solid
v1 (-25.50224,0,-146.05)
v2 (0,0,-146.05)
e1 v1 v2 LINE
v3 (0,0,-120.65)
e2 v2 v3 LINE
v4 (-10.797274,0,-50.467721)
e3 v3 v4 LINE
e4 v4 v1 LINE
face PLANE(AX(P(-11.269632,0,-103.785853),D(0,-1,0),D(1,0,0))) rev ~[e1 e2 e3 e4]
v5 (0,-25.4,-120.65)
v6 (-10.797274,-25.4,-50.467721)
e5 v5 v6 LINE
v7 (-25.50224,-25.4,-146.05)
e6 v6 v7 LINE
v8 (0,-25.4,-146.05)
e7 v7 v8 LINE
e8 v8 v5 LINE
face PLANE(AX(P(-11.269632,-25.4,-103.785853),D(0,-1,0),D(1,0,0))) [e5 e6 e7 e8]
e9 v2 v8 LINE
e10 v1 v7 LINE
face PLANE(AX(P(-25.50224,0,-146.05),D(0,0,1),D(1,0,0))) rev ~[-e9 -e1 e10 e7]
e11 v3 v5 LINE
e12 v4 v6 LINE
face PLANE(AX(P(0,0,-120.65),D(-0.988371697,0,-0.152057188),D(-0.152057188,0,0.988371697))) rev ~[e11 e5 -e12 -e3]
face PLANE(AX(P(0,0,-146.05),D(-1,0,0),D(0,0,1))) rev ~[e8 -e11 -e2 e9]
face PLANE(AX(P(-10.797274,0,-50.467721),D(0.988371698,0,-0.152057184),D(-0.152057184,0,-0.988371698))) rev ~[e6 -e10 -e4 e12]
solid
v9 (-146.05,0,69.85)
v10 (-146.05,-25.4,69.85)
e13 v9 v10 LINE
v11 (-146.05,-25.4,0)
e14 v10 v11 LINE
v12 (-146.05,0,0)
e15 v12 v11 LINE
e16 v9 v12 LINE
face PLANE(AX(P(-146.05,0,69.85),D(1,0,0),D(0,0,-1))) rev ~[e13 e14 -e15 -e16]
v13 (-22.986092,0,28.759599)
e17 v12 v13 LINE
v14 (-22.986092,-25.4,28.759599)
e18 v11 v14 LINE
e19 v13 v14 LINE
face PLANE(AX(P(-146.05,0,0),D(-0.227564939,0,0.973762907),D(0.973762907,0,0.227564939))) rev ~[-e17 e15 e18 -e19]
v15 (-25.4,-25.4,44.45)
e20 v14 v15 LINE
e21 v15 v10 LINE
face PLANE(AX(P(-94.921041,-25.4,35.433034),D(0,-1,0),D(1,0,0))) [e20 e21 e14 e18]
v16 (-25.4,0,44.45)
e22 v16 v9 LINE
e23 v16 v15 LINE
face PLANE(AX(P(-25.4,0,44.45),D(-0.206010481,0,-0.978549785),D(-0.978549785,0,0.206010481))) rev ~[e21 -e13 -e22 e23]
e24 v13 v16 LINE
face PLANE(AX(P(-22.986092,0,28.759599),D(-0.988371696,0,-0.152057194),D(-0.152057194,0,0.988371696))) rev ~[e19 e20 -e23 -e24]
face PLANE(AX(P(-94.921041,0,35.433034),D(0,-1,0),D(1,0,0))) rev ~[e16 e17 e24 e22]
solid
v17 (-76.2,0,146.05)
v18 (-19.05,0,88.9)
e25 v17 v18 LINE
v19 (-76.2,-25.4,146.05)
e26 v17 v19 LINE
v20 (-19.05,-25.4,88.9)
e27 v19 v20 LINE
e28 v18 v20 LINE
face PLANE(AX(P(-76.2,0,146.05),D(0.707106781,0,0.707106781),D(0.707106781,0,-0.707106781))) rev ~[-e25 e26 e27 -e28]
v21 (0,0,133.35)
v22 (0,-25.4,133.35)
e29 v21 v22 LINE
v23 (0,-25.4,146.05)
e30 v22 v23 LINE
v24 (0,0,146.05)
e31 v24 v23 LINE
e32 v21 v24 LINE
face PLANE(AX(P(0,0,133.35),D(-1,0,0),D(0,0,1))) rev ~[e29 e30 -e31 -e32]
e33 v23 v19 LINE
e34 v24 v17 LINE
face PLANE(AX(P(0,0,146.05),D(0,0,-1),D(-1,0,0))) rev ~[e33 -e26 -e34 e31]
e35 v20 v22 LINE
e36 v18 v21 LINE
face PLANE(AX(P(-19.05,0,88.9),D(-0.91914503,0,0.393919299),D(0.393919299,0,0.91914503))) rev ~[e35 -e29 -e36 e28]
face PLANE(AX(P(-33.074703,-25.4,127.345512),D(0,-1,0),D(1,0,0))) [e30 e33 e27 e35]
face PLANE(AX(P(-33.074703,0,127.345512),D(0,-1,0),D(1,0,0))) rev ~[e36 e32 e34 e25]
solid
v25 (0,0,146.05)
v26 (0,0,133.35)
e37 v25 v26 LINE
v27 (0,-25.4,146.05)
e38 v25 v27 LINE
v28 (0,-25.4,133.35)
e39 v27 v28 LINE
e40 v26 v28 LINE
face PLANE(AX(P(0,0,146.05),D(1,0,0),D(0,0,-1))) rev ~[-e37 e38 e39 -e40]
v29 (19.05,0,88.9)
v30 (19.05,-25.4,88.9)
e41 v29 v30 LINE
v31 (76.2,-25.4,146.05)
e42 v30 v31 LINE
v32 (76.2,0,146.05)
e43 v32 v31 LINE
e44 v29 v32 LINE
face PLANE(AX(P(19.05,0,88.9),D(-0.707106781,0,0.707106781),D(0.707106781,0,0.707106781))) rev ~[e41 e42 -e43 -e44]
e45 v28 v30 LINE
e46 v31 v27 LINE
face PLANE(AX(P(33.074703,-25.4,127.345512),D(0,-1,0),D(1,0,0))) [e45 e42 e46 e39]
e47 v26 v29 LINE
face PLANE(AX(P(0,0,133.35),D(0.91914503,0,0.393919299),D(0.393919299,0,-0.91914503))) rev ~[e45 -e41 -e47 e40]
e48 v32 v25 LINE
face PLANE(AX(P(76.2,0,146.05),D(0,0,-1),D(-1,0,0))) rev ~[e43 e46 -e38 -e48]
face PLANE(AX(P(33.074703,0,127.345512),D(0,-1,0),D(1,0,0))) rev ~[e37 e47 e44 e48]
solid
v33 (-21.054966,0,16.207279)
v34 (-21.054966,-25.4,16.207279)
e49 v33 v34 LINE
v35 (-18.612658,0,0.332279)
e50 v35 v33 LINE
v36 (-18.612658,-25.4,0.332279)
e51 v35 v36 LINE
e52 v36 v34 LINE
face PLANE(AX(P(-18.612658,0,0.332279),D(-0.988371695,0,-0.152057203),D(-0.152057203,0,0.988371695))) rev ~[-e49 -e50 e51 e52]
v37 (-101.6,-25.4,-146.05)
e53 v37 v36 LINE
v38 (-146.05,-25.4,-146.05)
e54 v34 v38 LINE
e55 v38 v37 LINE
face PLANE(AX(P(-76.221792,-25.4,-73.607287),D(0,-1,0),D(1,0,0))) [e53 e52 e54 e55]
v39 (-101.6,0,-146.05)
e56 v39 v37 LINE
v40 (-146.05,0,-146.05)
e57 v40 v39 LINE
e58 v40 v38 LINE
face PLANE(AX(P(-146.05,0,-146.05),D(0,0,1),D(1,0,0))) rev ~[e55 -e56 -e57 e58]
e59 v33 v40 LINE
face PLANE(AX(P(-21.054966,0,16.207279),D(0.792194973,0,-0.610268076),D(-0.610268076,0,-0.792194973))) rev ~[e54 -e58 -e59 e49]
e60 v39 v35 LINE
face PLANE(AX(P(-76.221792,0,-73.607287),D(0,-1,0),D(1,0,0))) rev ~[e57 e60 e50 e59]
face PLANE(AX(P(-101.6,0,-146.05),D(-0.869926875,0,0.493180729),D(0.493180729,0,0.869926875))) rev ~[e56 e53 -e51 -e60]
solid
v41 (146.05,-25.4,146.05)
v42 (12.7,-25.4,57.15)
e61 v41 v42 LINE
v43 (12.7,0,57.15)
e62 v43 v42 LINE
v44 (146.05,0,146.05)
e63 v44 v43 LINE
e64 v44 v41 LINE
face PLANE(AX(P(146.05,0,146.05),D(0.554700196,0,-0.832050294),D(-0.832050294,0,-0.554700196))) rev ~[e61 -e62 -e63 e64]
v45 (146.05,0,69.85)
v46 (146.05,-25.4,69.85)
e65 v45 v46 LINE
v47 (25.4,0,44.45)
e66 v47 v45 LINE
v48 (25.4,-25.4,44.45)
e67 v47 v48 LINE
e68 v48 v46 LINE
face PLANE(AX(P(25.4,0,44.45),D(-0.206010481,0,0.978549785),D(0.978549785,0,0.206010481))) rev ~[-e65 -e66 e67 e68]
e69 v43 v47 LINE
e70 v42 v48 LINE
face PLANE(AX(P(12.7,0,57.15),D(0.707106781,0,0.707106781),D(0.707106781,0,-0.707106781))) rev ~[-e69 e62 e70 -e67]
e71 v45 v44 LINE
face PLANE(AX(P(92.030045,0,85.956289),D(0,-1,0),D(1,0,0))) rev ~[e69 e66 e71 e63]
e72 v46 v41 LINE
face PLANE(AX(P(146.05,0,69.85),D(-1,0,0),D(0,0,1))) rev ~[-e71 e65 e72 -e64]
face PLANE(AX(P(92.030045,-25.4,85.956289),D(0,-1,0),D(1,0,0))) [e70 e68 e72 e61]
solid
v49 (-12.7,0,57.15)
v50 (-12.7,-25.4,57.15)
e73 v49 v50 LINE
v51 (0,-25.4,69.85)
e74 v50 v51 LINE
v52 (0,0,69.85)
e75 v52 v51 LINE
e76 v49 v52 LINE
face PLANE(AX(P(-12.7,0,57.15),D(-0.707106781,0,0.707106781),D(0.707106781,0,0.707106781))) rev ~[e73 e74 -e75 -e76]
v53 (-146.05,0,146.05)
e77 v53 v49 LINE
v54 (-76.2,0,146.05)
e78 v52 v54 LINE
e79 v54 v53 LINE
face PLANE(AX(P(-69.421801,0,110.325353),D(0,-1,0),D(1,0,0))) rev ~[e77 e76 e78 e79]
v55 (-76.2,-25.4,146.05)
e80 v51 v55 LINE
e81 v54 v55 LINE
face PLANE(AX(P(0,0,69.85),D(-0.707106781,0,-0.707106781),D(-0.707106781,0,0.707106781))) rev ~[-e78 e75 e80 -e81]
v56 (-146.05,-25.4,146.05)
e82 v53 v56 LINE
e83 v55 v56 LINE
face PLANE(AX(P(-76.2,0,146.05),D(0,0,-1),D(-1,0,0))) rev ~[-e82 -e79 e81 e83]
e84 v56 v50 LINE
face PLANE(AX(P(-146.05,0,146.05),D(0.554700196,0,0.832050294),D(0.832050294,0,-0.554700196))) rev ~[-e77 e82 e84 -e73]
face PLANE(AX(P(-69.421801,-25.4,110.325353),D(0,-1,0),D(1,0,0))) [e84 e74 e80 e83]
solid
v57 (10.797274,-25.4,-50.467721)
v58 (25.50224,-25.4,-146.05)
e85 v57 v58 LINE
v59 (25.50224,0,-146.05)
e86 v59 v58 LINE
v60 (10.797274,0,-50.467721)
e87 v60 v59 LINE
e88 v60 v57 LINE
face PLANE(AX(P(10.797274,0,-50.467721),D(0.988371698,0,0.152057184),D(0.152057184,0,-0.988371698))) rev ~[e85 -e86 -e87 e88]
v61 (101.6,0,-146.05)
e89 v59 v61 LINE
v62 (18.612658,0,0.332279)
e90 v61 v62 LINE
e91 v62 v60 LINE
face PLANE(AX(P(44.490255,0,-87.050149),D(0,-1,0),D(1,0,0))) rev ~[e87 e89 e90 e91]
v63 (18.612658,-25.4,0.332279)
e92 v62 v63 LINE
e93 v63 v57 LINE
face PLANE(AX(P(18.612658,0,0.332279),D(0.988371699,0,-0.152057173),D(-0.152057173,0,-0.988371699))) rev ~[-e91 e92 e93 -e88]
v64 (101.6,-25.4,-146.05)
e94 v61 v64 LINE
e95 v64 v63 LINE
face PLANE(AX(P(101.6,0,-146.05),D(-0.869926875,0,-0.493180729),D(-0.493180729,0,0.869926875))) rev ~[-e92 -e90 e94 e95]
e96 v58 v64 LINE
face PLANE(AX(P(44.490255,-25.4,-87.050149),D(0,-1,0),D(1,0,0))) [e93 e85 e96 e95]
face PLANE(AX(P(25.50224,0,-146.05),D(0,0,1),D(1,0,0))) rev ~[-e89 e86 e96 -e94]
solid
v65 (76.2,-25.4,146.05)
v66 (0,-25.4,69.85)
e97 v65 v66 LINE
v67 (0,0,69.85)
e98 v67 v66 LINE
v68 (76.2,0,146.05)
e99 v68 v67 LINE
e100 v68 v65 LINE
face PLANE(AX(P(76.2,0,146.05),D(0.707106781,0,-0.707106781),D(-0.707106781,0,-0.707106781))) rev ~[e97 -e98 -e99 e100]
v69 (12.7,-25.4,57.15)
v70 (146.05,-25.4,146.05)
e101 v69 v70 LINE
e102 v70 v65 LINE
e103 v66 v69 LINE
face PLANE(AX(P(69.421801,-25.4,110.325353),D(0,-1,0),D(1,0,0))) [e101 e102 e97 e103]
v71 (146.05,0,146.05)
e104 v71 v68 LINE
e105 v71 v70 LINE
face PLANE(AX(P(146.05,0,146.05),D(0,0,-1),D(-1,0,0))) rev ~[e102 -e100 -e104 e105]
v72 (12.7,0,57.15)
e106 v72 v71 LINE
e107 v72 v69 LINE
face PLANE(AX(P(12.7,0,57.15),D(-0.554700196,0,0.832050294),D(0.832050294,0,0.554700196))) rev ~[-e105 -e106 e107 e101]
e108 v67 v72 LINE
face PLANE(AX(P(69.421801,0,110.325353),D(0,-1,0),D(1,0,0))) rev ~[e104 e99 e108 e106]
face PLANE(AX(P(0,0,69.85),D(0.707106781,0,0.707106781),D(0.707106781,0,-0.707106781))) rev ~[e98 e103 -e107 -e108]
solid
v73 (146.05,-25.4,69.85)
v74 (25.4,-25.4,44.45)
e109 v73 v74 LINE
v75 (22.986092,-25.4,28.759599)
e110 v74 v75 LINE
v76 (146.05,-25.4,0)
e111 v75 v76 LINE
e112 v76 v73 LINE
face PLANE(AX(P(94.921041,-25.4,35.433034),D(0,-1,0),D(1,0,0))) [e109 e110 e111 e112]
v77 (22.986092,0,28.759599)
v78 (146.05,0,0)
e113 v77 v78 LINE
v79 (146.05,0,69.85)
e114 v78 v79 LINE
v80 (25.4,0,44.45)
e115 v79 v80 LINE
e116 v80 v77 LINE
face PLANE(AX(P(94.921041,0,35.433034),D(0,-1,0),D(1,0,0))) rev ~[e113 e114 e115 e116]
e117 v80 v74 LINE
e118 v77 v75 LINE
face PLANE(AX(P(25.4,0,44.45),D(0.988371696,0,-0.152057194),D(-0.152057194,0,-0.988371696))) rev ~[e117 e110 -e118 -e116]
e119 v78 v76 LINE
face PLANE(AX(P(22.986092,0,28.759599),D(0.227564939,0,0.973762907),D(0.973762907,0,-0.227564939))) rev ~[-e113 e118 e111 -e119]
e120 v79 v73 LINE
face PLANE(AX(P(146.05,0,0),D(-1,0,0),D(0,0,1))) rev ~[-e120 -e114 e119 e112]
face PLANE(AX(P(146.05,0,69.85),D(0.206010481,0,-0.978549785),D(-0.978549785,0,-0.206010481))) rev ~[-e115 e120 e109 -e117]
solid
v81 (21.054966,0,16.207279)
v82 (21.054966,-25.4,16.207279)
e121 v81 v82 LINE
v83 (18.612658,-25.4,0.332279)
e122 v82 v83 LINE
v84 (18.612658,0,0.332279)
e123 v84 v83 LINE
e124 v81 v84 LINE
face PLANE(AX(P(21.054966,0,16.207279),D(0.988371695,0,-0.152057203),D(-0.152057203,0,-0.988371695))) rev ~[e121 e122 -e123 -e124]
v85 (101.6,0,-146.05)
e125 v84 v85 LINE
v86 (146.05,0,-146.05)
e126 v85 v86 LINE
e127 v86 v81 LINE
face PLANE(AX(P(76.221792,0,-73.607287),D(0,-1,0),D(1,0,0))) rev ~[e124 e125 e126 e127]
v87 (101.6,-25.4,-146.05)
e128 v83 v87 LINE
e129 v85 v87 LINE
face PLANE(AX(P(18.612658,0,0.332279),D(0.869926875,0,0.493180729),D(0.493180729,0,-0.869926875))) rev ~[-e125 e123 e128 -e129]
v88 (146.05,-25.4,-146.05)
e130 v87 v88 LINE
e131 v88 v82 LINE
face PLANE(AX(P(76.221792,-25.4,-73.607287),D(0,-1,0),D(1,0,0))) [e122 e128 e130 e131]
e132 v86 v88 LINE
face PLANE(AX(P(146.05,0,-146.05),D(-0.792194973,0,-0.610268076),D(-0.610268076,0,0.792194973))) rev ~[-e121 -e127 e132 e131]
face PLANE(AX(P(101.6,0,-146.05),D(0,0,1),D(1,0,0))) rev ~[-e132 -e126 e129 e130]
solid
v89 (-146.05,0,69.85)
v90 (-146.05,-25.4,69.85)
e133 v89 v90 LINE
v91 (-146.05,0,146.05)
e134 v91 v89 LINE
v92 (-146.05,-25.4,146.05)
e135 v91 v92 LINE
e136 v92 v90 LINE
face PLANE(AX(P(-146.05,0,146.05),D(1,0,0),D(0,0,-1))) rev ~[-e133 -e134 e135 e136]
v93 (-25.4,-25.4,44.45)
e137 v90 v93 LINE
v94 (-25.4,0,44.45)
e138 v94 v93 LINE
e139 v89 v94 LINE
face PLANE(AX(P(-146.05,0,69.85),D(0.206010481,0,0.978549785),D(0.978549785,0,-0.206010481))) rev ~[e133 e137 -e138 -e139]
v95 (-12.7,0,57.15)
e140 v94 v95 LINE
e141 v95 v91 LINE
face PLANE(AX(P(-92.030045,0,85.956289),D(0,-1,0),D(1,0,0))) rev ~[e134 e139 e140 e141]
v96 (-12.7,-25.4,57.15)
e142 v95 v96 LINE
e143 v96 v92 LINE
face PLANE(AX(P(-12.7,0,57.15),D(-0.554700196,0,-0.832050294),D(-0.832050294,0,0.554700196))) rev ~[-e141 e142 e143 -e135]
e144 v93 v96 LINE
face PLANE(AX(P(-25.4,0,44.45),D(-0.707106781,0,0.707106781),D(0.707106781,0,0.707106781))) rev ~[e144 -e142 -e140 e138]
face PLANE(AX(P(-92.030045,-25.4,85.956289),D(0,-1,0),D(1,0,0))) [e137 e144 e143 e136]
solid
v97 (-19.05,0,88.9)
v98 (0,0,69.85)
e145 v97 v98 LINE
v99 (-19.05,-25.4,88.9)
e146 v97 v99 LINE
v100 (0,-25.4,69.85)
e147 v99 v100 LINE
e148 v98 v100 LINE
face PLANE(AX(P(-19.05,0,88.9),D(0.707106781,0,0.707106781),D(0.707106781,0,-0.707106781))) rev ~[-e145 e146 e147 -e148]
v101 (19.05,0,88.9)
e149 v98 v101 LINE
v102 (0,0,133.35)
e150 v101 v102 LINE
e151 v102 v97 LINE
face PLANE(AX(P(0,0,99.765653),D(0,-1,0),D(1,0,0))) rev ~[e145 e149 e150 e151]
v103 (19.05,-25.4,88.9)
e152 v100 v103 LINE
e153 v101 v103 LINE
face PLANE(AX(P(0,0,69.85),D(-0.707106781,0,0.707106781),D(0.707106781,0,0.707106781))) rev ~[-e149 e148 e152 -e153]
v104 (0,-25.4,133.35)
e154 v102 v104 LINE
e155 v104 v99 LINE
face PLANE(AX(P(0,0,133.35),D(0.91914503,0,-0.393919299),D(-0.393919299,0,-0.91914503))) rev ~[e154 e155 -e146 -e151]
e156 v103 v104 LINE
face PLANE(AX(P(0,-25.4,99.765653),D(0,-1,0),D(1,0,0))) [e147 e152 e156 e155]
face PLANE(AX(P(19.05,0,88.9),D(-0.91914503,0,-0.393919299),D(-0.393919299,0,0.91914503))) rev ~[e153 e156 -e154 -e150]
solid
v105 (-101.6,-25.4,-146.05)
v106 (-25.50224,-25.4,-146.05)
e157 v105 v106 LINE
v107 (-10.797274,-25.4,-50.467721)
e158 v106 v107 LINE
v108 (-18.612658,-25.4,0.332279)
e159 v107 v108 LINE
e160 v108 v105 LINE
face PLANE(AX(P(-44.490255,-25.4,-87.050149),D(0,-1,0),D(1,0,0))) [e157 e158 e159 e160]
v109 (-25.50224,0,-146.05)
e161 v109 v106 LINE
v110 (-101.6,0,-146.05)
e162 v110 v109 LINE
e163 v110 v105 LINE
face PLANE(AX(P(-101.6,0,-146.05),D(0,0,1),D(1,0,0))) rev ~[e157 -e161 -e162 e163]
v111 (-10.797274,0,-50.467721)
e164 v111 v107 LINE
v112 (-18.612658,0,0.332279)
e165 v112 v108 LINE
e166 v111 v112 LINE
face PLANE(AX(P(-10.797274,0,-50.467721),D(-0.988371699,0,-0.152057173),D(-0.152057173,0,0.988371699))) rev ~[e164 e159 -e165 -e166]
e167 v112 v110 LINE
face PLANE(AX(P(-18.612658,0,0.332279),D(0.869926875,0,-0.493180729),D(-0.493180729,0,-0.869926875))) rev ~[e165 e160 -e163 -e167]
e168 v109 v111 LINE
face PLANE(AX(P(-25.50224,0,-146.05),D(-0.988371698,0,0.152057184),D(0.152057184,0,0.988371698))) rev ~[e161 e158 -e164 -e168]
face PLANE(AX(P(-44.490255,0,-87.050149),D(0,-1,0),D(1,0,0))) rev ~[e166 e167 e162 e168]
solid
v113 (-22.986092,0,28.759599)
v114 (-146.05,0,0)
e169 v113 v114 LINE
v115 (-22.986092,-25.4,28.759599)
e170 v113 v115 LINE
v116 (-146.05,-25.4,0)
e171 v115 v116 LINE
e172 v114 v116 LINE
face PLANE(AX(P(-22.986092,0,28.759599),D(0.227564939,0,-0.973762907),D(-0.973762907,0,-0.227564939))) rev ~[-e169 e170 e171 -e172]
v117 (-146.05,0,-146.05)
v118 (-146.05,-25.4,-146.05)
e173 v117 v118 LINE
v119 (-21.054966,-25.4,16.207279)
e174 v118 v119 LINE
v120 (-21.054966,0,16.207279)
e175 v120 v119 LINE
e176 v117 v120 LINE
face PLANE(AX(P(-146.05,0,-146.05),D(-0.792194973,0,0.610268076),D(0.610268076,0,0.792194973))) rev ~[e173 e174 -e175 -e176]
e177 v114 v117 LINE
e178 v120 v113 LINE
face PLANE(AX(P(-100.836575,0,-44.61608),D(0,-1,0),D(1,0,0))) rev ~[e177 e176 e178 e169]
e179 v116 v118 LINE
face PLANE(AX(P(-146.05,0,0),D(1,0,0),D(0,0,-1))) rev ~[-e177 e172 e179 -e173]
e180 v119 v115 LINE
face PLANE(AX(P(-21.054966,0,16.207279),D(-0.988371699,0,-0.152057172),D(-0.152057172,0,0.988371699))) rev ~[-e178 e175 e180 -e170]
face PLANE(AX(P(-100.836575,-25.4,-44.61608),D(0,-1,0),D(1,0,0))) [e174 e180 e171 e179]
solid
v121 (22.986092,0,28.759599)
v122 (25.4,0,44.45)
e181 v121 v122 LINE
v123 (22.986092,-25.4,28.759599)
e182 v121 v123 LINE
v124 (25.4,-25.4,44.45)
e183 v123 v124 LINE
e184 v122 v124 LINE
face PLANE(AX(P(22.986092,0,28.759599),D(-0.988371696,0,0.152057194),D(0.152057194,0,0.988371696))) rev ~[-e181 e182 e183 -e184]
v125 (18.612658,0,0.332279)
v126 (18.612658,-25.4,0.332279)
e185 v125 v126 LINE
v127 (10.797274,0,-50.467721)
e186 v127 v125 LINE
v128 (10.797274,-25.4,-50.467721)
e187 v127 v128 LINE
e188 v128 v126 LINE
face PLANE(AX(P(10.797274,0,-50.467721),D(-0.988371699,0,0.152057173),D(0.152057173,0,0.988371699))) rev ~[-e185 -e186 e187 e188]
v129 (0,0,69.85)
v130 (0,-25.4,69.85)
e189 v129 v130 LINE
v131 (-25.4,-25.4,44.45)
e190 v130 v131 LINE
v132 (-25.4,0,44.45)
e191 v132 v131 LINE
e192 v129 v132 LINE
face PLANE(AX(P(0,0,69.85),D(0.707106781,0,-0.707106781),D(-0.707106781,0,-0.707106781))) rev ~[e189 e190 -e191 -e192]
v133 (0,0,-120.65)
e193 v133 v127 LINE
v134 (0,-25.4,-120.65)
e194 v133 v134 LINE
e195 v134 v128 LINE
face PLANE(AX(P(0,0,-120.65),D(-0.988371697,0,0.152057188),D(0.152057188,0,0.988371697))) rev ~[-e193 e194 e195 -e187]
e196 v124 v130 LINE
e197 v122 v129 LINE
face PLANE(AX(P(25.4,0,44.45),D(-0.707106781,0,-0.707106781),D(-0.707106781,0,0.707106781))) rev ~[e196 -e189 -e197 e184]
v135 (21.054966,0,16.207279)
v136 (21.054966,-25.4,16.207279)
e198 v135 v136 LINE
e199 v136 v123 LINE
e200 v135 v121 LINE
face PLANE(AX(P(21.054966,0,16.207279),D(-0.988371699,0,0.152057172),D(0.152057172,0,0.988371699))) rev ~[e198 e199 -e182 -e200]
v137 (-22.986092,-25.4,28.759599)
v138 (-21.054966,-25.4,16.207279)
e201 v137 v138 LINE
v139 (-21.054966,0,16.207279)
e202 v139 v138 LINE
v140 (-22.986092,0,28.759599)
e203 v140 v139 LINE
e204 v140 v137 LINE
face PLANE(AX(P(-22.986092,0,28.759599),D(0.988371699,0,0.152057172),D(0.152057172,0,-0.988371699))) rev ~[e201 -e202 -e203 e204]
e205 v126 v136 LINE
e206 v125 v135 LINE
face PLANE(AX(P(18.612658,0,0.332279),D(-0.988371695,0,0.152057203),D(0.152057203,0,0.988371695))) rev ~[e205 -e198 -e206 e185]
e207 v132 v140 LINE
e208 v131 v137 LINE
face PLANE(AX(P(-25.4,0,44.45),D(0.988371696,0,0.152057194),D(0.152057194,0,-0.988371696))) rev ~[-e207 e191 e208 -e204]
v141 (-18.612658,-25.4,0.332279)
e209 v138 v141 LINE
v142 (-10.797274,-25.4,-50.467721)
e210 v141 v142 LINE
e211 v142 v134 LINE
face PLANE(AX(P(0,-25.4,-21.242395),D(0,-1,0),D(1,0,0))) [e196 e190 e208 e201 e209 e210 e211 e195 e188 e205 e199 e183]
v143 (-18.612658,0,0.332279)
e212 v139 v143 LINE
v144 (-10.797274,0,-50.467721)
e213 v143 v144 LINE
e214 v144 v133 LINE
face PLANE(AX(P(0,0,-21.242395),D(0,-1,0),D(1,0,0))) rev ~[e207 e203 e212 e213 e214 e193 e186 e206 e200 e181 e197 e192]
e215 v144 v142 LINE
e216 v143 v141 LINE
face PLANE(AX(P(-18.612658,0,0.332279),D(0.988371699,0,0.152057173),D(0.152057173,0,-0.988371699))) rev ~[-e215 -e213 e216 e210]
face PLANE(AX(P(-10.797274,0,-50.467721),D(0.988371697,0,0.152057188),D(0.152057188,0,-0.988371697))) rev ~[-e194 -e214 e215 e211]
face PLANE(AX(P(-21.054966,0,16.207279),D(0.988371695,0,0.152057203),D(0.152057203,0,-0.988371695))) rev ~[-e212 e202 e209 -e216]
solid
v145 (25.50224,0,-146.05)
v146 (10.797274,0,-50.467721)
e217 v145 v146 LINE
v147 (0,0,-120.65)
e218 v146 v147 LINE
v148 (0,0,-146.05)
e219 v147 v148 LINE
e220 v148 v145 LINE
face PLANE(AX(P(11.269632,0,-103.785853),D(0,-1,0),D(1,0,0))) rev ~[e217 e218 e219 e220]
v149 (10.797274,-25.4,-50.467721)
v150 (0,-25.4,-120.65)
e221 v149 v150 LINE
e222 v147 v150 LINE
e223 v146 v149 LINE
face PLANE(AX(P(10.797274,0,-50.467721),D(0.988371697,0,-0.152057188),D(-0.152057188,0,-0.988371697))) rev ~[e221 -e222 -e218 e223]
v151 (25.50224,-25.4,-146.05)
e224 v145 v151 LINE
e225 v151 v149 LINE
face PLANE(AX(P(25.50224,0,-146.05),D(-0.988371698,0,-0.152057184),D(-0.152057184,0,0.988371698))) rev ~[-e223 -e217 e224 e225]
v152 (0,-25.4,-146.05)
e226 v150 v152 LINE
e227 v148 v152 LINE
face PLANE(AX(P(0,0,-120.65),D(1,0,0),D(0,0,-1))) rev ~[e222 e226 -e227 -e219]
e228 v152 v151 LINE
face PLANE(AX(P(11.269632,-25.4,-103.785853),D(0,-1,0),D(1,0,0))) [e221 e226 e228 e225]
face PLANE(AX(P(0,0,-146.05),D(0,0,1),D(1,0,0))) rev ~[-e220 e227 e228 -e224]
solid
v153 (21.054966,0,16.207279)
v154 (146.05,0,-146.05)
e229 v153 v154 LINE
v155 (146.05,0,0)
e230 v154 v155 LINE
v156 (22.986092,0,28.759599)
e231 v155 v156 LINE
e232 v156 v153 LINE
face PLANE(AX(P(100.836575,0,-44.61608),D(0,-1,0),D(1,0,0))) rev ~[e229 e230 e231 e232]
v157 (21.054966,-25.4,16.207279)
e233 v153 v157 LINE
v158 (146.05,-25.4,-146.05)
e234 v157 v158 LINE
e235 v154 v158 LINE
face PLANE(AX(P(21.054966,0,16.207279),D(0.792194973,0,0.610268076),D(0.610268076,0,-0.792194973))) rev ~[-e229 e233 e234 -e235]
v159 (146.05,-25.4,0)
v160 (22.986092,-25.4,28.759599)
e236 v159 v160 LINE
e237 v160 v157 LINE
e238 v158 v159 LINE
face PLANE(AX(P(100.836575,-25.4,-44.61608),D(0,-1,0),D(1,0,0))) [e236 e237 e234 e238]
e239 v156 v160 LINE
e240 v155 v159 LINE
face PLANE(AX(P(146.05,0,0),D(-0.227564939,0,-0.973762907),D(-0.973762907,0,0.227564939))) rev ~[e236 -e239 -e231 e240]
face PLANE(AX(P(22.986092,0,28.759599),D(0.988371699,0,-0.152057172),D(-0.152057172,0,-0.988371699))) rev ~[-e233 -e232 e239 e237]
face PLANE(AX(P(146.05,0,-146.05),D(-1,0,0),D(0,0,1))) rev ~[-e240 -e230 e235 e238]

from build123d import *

# Parameters (mm, degrees)
F1_DEPTH = 25.4
F2_DEPTH = 25.4
F3_DEPTH = 25.4


with BuildPart() as f1:
    # F0 (on Front) → F1 (new body)
    with BuildSketch(Plane.XZ):
        Polygon((-12.7, 57.15), (-146.05, 146.05), (-146.05, 69.85), (-25.4, 44.45), align=None)
        Polygon((0, 146.05), (-76.2, 146.05), (-19.05, 88.9), (0, 133.35), align=None)
        Polygon((19.05, 88.9), (0, 69.85), (12.7, 57.15), (146.05, 146.05), (76.2, 146.05), align=None)
        Polygon((146.05, 69.85), (25.4, 44.45), (22.986092, 28.759599), (146.05, 0), align=None)
        Polygon((146.05, -146.05), (21.054966, 16.207279), (18.612658, 0.332279), (101.6, -146.05), align=None)
        Polygon((0, -120.65), (0, -146.05), (25.50224, -146.05), (10.797274, -50.467721), align=None)
        Polygon((-18.612658, 0.332279), (-101.6, -146.05), (-25.50224, -146.05), (-10.797274, -50.467721), align=None)
        Polygon((-22.986092, 28.759599), (-146.05, 0), (-146.05, -146.05), (-21.054966, 16.207279), align=None)
    extrude(amount=F1_DEPTH)


with BuildPart() as f2:
    # F0 (on Front) → F2 (new body)
    with BuildSketch(Plane.XZ):
        Polygon((-25.4, 44.45), (-146.05, 69.85), (-146.05, 0), (-22.986092, 28.759599), align=None)
        Polygon((-76.2, 146.05), (-146.05, 146.05), (-12.7, 57.15), (0, 69.85), (-19.05, 88.9), align=None)
        Polygon((76.2, 146.05), (0, 146.05), (0, 133.35), (19.05, 88.9), align=None)
        Polygon((146.05, 146.05), (12.7, 57.15), (25.4, 44.45), (146.05, 69.85), align=None)
        Polygon((146.05, 0), (22.986092, 28.759599), (21.054966, 16.207279), (146.05, -146.05), align=None)
        Polygon((10.797274, -50.467721), (25.50224, -146.05), (101.6, -146.05), (18.612658, 0.332279), align=None)
        Polygon((-10.797274, -50.467721), (-25.50224, -146.05), (0, -146.05), (0, -120.65), align=None)
        Polygon((-21.054966, 16.207279), (-146.05, -146.05), (-101.6, -146.05), (-18.612658, 0.332279), align=None)
    extrude(amount=F2_DEPTH)


with BuildPart() as f3:
    # F0 (on Front) → F3 (new body)
    with BuildSketch(Plane.XZ):
        Polygon((0, 133.35), (-19.05, 88.9), (0, 69.85), (19.05, 88.9), align=None)
        Polygon((0, 69.85), (-12.7, 57.15), (-25.4, 44.45), (-22.986092, 28.759599), (-21.054966, 16.207279), (-18.612658, 0.332279), (-10.797274, -50.467721), (0, -120.65), (10.797274, -50.467721), (18.612658, 0.332279), (21.054966, 16.207279), (22.986092, 28.759599), (25.4, 44.45), (12.7, 57.15), align=None)
    extrude(amount=F3_DEPTH)


solid = Compound([f1.part, f2.part, f3.part])
